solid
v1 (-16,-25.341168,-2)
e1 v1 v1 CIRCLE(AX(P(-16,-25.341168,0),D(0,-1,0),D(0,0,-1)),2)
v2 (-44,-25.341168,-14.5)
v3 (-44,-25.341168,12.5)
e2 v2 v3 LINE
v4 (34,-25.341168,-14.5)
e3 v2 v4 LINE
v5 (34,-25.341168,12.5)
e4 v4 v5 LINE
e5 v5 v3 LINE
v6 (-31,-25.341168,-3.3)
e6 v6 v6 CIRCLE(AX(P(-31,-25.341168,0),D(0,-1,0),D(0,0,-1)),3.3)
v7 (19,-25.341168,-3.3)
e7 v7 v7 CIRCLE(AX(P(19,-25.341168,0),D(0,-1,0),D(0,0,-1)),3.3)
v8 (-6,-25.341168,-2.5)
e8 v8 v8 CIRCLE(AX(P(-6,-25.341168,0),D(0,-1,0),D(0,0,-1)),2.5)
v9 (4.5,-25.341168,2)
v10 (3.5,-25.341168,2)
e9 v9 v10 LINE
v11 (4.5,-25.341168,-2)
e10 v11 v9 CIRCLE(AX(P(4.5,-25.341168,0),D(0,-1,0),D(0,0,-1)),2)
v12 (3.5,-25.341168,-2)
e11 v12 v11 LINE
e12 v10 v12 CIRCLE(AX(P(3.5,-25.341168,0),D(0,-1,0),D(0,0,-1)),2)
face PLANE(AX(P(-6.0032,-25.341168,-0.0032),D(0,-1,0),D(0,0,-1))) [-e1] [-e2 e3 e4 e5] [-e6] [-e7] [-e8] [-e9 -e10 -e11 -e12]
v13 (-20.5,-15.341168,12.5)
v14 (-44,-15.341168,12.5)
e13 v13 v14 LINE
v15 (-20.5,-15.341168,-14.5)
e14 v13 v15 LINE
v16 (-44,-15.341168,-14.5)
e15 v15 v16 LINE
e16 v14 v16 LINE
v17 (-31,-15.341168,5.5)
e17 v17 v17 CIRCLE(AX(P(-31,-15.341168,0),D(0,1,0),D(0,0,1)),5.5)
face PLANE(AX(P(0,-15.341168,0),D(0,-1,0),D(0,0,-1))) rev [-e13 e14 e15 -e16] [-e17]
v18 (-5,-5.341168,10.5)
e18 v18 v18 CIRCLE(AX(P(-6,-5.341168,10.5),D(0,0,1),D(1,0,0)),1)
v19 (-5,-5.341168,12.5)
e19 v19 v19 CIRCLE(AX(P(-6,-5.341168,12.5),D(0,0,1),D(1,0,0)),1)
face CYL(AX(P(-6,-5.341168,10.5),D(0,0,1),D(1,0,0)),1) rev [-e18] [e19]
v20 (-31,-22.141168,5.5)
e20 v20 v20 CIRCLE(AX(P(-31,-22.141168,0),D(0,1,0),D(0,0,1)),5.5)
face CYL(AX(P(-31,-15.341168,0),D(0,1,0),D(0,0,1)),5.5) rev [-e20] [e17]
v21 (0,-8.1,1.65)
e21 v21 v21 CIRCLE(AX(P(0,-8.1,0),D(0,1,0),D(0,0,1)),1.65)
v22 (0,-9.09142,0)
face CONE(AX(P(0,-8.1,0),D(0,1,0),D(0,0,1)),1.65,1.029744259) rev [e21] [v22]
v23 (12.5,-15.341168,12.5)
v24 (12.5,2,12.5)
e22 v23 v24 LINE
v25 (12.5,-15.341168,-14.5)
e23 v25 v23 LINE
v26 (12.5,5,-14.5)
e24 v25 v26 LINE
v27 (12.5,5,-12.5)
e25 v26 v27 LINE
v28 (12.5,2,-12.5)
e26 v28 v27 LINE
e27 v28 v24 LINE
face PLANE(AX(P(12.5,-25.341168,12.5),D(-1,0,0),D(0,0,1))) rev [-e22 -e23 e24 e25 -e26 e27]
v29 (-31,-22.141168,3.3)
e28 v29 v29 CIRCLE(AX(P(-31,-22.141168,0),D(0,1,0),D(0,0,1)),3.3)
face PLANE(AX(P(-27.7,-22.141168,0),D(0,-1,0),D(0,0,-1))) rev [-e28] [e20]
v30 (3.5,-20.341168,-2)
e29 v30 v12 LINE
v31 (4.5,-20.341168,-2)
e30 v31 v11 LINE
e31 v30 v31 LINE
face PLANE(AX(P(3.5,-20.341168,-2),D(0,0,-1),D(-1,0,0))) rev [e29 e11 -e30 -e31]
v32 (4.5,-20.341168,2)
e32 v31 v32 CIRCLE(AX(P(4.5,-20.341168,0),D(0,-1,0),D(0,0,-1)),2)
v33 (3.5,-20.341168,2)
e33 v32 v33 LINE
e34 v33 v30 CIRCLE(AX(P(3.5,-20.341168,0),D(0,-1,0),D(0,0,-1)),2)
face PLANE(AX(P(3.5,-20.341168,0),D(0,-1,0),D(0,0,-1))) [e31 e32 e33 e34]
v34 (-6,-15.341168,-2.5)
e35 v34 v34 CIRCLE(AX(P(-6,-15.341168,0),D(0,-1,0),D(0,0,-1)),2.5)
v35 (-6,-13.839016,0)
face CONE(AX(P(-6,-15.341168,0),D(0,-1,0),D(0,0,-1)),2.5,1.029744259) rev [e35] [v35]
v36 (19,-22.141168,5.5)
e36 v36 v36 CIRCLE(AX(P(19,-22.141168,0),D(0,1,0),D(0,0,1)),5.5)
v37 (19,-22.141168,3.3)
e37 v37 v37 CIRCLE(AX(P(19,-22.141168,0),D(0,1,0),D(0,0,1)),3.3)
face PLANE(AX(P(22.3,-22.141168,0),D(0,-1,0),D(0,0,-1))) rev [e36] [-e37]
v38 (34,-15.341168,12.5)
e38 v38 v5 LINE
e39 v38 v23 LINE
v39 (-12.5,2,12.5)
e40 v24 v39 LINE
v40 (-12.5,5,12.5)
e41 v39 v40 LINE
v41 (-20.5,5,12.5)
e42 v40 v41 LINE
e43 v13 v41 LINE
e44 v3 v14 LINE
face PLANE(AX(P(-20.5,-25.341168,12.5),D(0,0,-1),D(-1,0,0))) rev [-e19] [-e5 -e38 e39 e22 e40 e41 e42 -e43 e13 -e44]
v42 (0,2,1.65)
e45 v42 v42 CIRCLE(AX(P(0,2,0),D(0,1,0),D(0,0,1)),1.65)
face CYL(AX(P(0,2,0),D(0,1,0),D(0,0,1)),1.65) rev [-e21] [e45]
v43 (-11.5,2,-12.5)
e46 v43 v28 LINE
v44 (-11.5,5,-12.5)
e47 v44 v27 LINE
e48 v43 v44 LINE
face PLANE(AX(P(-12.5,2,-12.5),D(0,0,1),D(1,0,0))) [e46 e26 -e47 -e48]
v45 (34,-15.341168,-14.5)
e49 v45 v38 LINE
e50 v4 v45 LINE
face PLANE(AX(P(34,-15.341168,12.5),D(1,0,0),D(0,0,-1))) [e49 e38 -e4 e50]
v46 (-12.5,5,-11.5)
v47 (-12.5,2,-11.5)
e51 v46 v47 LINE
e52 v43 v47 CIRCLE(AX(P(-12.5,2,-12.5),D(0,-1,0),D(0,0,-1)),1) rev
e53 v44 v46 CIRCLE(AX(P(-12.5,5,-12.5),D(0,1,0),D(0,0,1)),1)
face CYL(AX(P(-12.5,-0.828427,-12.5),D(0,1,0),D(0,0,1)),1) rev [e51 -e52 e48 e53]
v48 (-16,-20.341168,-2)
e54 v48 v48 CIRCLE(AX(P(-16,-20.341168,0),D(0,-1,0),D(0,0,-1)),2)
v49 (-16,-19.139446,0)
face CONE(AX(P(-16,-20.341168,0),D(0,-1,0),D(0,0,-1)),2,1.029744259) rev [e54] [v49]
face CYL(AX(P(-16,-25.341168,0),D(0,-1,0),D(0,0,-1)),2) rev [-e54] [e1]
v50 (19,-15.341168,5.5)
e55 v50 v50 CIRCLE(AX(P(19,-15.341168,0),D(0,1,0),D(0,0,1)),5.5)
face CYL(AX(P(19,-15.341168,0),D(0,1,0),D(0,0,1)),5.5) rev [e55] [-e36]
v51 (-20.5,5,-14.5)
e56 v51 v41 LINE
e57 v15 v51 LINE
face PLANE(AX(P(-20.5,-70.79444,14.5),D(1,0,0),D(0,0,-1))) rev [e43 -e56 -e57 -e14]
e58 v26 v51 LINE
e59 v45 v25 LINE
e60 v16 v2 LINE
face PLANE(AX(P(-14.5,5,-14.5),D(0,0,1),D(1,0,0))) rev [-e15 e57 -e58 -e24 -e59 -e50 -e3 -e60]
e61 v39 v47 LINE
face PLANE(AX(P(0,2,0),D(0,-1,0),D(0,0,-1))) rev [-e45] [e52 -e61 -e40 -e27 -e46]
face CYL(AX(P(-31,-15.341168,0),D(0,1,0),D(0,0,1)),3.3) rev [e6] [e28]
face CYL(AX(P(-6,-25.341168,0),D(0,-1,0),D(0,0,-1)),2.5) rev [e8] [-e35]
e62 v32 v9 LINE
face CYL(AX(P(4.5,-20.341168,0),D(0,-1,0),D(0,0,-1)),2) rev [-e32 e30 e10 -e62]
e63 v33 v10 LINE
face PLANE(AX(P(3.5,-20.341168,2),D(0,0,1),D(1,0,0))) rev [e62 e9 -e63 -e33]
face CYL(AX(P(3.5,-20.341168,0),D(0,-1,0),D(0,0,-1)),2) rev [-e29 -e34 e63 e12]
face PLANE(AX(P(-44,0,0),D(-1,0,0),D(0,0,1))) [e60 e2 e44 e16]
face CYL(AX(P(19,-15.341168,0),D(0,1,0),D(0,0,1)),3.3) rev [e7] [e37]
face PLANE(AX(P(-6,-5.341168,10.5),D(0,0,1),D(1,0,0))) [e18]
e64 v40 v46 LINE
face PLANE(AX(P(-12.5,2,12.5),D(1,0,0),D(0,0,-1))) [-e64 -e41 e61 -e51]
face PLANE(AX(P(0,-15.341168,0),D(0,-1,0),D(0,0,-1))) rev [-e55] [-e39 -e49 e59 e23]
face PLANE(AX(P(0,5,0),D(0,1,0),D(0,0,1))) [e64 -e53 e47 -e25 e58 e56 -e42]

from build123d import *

# Parameters (mm, degrees)
SKETCH_1_W                = 29
SKETCH_1_H                = 29
EXTRUDE_1_DEPTH           = 5
SKETCH_2_W                = 25
SKETCH_2_H                = 25
CUT_EXTRUDE_1_DEPTH       = 3
SKETCH_3_W                = 35
SKETCH_3_H                = 29
EXTRUDE_748_DEPTH         = 25.341167732
HOLE_WIZARD_M4_1_D        = 3.3
HOLE_WIZARD_M4_1_DEPTH    = 10.1
HOLE_WIZARD_M4_1_TIP      = 0.991420021
SKETCH_9_R                = 1
CUT_EXTRUDE_2_DEPTH       = 3
SKETCH_11_W               = 29
SKETCH_11_H               = 5
EXTRUDE_4_DEPTH           = 6
CUT_EXTRUDE_8_DEPTH       = 40.383835
SKETCH_19_W               = 80
SKETCH_19_H               = 25
EXTRUDE_5_DEPTH           = 10
HOLE_WIZARD_1_D           = 6.6
HOLE_WIZARD_1_DEPTH       = 10.1
HOLE_WIZARD_1_CBORE_D     = 11
HOLE_WIZARD_1_CBORE_DEPTH = 6.8
HOLE_WIZARD_1_TIP         = 1.982840043
SKETCH_23_W               = 80
SKETCH_23_H               = 10
EXTRUDE_6_DEPTH           = 2
SKETCH_24_W               = 27
SKETCH_24_H               = 10
CUT_EXTRUDE_9_DEPTH       = 2
MM_1_D                    = 4
MM_1_DEPTH                = 5
MM_1_TIP                  = 1.201721238
CUT_EXTRUDE_10_DEPTH      = 5
SKETCH_28_R               = 1
CUT_EXTRUDE_11_DEPTH      = 2
HOLE_WIZARD_M6_1_D        = 5
HOLE_WIZARD_M6_1_DEPTH    = 10
HOLE_WIZARD_M6_1_TIP      = 1.502151548


with BuildPart() as part:
    # 草图1 → 凸台-拉伸1 (new body)
    with BuildSketch(Plane(origin=(0, 0, 0), x_dir=(1, 0, 0), z_dir=(0, 1, 0))):
        Rectangle(SKETCH_1_W, SKETCH_1_H)
    extrude(amount=EXTRUDE_1_DEPTH)

    # 草图2 → 切除-拉伸1 (cut)
    with BuildSketch(Plane.XZ.offset(-5)):
        Rectangle(SKETCH_2_W, SKETCH_2_H)
    extrude(amount=CUT_EXTRUDE_1_DEPTH, mode=Mode.SUBTRACT)

    # 草图3 → Extrude 748 (add)
    with BuildSketch(Plane(origin=(0, 0, 0), x_dir=(-1, 0, 0), z_dir=(0, -1, 0))):
        with Locations((3, 0)):
            Rectangle(SKETCH_3_W, SKETCH_3_H)
    extrude(amount=EXTRUDE_748_DEPTH)

    # M4 螺纹孔1
    with Locations(Plane.ZX.offset(2)):
        with Locations((0, 0)):
            Hole(HOLE_WIZARD_M4_1_D / 2, depth=HOLE_WIZARD_M4_1_DEPTH)
            with Locations((0, 0, -(HOLE_WIZARD_M4_1_DEPTH + HOLE_WIZARD_M4_1_TIP / 2))):  # 118° drill point
                Cone(0, HOLE_WIZARD_M4_1_D / 2, HOLE_WIZARD_M4_1_TIP, mode=Mode.SUBTRACT)

    # 草图9 → 切除-拉伸2 (cut)
    with BuildSketch(Plane(origin=(0, 5, 0), x_dir=(1, 0, 0), z_dir=(0, 1, 0))):
        with Locations((-12.5, 12.5)):
            Circle(SKETCH_9_R)
    extrude(amount=-CUT_EXTRUDE_2_DEPTH, mode=Mode.SUBTRACT)

    # 草图11 → 凸台-拉伸4 (add)
    with BuildSketch(Plane.ZY.offset(14.5)):
        with Locations((0, 2.5)):
            Rectangle(SKETCH_11_W, SKETCH_11_H)
    extrude(amount=EXTRUDE_4_DEPTH)

    # 草图17 → 切除-拉伸8 (cut, through all)
    with BuildSketch(Plane(origin=(0, 5, 0), x_dir=(1, 0, 0), z_dir=(0, 1, 0))):
        Polygon((-20.5, -14.5), (14.5, -14.5), (14.5, 14.5), (12.5, 14.5), (12.5, -12.5), (-20.5, -12.5), align=None)
    extrude(amount=-CUT_EXTRUDE_8_DEPTH, mode=Mode.SUBTRACT)

    # 草图19 → 凸台-拉伸5 (add)
    with BuildSketch(Plane(origin=(0, -25.341167732, 0), x_dir=(-1, 0, 0), z_dir=(0, -1, 0))):
        with Locations((6, 0)):
            Rectangle(SKETCH_19_W, SKETCH_19_H)
    extrude(amount=-EXTRUDE_5_DEPTH)

    # 打孔尺寸(%根据)内六角圆柱头螺钉的类型1
    with Locations(Plane(origin=(-31, -15.341167732, 0), x_dir=(0, 0, 1), z_dir=(0, 1, 0))):
        with Locations((0, 0), (0, 50)):
            CounterBoreHole(HOLE_WIZARD_1_D / 2, HOLE_WIZARD_1_CBORE_D / 2, HOLE_WIZARD_1_CBORE_DEPTH, depth=HOLE_WIZARD_1_DEPTH)
            with Locations((0, 0, -(HOLE_WIZARD_1_DEPTH + HOLE_WIZARD_1_TIP / 2))):  # 118° drill point
                Cone(0, HOLE_WIZARD_1_D / 2, HOLE_WIZARD_1_TIP, mode=Mode.SUBTRACT)

    # 草图23 → 凸台-拉伸6 (add)
    with BuildSketch(Plane(origin=(0, 0, -12.5), x_dir=(-1, 0, 0), z_dir=(0, 0, -1))):
        with Locations((6, -20.341167732)):
            Rectangle(SKETCH_23_W, SKETCH_23_H)
    extrude(amount=EXTRUDE_6_DEPTH)

    # 草图24 → 切除-拉伸9 (cut)
    with BuildSketch(Plane.ZY.offset(46)):
        with Locations((-1, -20.341167732)):
            Rectangle(SKETCH_24_W, SKETCH_24_H)
    extrude(amount=-CUT_EXTRUDE_9_DEPTH, mode=Mode.SUBTRACT)

    # 大小mm 暗销孔1
    with Locations(Plane(origin=(-16, -25.341167732, 0), x_dir=(0, 0, -1), z_dir=(0, -1, 0))):
        with Locations((0, 0)):
            Hole(MM_1_D / 2, depth=MM_1_DEPTH)
            with Locations((0, 0, -(MM_1_DEPTH + MM_1_TIP / 2))):  # 118° drill point
                Cone(0, MM_1_D / 2, MM_1_TIP, mode=Mode.SUBTRACT)

    # 草图27 → 切除-拉伸10 (cut)
    with BuildSketch(Plane.XZ.offset(25.341167732)):
        with BuildLine():
            Line((3.5, 2), (4.5, 2))
            ThreePointArc((4.5, 2), (6.5, 0), (4.5, -2))
            Line((4.5, -2), (3.5, -2))
            ThreePointArc((3.5, -2), (1.5, 0), (3.5, 2))
        make_face()
    extrude(amount=-CUT_EXTRUDE_10_DEPTH, mode=Mode.SUBTRACT)

    # 草图28 → 切除-拉伸11 (cut)
    with BuildSketch(Plane.XY.offset(12.5)):
        with Locations((-6, -5.341167732)):
            Circle(SKETCH_28_R)
    extrude(amount=-CUT_EXTRUDE_11_DEPTH, mode=Mode.SUBTRACT)

    # M6 螺纹孔1
    with Locations(Plane(origin=(-6, -25.341167732, 0), x_dir=(0, 0, -1), z_dir=(0, -1, 0))):
        with Locations((0, 0)):
            Hole(HOLE_WIZARD_M6_1_D / 2, depth=HOLE_WIZARD_M6_1_DEPTH)
            with Locations((0, 0, -(HOLE_WIZARD_M6_1_DEPTH + HOLE_WIZARD_M6_1_TIP / 2))):  # 118° drill point
                Cone(0, HOLE_WIZARD_M6_1_D / 2, HOLE_WIZARD_M6_1_TIP, mode=Mode.SUBTRACT)


solid = part.part
